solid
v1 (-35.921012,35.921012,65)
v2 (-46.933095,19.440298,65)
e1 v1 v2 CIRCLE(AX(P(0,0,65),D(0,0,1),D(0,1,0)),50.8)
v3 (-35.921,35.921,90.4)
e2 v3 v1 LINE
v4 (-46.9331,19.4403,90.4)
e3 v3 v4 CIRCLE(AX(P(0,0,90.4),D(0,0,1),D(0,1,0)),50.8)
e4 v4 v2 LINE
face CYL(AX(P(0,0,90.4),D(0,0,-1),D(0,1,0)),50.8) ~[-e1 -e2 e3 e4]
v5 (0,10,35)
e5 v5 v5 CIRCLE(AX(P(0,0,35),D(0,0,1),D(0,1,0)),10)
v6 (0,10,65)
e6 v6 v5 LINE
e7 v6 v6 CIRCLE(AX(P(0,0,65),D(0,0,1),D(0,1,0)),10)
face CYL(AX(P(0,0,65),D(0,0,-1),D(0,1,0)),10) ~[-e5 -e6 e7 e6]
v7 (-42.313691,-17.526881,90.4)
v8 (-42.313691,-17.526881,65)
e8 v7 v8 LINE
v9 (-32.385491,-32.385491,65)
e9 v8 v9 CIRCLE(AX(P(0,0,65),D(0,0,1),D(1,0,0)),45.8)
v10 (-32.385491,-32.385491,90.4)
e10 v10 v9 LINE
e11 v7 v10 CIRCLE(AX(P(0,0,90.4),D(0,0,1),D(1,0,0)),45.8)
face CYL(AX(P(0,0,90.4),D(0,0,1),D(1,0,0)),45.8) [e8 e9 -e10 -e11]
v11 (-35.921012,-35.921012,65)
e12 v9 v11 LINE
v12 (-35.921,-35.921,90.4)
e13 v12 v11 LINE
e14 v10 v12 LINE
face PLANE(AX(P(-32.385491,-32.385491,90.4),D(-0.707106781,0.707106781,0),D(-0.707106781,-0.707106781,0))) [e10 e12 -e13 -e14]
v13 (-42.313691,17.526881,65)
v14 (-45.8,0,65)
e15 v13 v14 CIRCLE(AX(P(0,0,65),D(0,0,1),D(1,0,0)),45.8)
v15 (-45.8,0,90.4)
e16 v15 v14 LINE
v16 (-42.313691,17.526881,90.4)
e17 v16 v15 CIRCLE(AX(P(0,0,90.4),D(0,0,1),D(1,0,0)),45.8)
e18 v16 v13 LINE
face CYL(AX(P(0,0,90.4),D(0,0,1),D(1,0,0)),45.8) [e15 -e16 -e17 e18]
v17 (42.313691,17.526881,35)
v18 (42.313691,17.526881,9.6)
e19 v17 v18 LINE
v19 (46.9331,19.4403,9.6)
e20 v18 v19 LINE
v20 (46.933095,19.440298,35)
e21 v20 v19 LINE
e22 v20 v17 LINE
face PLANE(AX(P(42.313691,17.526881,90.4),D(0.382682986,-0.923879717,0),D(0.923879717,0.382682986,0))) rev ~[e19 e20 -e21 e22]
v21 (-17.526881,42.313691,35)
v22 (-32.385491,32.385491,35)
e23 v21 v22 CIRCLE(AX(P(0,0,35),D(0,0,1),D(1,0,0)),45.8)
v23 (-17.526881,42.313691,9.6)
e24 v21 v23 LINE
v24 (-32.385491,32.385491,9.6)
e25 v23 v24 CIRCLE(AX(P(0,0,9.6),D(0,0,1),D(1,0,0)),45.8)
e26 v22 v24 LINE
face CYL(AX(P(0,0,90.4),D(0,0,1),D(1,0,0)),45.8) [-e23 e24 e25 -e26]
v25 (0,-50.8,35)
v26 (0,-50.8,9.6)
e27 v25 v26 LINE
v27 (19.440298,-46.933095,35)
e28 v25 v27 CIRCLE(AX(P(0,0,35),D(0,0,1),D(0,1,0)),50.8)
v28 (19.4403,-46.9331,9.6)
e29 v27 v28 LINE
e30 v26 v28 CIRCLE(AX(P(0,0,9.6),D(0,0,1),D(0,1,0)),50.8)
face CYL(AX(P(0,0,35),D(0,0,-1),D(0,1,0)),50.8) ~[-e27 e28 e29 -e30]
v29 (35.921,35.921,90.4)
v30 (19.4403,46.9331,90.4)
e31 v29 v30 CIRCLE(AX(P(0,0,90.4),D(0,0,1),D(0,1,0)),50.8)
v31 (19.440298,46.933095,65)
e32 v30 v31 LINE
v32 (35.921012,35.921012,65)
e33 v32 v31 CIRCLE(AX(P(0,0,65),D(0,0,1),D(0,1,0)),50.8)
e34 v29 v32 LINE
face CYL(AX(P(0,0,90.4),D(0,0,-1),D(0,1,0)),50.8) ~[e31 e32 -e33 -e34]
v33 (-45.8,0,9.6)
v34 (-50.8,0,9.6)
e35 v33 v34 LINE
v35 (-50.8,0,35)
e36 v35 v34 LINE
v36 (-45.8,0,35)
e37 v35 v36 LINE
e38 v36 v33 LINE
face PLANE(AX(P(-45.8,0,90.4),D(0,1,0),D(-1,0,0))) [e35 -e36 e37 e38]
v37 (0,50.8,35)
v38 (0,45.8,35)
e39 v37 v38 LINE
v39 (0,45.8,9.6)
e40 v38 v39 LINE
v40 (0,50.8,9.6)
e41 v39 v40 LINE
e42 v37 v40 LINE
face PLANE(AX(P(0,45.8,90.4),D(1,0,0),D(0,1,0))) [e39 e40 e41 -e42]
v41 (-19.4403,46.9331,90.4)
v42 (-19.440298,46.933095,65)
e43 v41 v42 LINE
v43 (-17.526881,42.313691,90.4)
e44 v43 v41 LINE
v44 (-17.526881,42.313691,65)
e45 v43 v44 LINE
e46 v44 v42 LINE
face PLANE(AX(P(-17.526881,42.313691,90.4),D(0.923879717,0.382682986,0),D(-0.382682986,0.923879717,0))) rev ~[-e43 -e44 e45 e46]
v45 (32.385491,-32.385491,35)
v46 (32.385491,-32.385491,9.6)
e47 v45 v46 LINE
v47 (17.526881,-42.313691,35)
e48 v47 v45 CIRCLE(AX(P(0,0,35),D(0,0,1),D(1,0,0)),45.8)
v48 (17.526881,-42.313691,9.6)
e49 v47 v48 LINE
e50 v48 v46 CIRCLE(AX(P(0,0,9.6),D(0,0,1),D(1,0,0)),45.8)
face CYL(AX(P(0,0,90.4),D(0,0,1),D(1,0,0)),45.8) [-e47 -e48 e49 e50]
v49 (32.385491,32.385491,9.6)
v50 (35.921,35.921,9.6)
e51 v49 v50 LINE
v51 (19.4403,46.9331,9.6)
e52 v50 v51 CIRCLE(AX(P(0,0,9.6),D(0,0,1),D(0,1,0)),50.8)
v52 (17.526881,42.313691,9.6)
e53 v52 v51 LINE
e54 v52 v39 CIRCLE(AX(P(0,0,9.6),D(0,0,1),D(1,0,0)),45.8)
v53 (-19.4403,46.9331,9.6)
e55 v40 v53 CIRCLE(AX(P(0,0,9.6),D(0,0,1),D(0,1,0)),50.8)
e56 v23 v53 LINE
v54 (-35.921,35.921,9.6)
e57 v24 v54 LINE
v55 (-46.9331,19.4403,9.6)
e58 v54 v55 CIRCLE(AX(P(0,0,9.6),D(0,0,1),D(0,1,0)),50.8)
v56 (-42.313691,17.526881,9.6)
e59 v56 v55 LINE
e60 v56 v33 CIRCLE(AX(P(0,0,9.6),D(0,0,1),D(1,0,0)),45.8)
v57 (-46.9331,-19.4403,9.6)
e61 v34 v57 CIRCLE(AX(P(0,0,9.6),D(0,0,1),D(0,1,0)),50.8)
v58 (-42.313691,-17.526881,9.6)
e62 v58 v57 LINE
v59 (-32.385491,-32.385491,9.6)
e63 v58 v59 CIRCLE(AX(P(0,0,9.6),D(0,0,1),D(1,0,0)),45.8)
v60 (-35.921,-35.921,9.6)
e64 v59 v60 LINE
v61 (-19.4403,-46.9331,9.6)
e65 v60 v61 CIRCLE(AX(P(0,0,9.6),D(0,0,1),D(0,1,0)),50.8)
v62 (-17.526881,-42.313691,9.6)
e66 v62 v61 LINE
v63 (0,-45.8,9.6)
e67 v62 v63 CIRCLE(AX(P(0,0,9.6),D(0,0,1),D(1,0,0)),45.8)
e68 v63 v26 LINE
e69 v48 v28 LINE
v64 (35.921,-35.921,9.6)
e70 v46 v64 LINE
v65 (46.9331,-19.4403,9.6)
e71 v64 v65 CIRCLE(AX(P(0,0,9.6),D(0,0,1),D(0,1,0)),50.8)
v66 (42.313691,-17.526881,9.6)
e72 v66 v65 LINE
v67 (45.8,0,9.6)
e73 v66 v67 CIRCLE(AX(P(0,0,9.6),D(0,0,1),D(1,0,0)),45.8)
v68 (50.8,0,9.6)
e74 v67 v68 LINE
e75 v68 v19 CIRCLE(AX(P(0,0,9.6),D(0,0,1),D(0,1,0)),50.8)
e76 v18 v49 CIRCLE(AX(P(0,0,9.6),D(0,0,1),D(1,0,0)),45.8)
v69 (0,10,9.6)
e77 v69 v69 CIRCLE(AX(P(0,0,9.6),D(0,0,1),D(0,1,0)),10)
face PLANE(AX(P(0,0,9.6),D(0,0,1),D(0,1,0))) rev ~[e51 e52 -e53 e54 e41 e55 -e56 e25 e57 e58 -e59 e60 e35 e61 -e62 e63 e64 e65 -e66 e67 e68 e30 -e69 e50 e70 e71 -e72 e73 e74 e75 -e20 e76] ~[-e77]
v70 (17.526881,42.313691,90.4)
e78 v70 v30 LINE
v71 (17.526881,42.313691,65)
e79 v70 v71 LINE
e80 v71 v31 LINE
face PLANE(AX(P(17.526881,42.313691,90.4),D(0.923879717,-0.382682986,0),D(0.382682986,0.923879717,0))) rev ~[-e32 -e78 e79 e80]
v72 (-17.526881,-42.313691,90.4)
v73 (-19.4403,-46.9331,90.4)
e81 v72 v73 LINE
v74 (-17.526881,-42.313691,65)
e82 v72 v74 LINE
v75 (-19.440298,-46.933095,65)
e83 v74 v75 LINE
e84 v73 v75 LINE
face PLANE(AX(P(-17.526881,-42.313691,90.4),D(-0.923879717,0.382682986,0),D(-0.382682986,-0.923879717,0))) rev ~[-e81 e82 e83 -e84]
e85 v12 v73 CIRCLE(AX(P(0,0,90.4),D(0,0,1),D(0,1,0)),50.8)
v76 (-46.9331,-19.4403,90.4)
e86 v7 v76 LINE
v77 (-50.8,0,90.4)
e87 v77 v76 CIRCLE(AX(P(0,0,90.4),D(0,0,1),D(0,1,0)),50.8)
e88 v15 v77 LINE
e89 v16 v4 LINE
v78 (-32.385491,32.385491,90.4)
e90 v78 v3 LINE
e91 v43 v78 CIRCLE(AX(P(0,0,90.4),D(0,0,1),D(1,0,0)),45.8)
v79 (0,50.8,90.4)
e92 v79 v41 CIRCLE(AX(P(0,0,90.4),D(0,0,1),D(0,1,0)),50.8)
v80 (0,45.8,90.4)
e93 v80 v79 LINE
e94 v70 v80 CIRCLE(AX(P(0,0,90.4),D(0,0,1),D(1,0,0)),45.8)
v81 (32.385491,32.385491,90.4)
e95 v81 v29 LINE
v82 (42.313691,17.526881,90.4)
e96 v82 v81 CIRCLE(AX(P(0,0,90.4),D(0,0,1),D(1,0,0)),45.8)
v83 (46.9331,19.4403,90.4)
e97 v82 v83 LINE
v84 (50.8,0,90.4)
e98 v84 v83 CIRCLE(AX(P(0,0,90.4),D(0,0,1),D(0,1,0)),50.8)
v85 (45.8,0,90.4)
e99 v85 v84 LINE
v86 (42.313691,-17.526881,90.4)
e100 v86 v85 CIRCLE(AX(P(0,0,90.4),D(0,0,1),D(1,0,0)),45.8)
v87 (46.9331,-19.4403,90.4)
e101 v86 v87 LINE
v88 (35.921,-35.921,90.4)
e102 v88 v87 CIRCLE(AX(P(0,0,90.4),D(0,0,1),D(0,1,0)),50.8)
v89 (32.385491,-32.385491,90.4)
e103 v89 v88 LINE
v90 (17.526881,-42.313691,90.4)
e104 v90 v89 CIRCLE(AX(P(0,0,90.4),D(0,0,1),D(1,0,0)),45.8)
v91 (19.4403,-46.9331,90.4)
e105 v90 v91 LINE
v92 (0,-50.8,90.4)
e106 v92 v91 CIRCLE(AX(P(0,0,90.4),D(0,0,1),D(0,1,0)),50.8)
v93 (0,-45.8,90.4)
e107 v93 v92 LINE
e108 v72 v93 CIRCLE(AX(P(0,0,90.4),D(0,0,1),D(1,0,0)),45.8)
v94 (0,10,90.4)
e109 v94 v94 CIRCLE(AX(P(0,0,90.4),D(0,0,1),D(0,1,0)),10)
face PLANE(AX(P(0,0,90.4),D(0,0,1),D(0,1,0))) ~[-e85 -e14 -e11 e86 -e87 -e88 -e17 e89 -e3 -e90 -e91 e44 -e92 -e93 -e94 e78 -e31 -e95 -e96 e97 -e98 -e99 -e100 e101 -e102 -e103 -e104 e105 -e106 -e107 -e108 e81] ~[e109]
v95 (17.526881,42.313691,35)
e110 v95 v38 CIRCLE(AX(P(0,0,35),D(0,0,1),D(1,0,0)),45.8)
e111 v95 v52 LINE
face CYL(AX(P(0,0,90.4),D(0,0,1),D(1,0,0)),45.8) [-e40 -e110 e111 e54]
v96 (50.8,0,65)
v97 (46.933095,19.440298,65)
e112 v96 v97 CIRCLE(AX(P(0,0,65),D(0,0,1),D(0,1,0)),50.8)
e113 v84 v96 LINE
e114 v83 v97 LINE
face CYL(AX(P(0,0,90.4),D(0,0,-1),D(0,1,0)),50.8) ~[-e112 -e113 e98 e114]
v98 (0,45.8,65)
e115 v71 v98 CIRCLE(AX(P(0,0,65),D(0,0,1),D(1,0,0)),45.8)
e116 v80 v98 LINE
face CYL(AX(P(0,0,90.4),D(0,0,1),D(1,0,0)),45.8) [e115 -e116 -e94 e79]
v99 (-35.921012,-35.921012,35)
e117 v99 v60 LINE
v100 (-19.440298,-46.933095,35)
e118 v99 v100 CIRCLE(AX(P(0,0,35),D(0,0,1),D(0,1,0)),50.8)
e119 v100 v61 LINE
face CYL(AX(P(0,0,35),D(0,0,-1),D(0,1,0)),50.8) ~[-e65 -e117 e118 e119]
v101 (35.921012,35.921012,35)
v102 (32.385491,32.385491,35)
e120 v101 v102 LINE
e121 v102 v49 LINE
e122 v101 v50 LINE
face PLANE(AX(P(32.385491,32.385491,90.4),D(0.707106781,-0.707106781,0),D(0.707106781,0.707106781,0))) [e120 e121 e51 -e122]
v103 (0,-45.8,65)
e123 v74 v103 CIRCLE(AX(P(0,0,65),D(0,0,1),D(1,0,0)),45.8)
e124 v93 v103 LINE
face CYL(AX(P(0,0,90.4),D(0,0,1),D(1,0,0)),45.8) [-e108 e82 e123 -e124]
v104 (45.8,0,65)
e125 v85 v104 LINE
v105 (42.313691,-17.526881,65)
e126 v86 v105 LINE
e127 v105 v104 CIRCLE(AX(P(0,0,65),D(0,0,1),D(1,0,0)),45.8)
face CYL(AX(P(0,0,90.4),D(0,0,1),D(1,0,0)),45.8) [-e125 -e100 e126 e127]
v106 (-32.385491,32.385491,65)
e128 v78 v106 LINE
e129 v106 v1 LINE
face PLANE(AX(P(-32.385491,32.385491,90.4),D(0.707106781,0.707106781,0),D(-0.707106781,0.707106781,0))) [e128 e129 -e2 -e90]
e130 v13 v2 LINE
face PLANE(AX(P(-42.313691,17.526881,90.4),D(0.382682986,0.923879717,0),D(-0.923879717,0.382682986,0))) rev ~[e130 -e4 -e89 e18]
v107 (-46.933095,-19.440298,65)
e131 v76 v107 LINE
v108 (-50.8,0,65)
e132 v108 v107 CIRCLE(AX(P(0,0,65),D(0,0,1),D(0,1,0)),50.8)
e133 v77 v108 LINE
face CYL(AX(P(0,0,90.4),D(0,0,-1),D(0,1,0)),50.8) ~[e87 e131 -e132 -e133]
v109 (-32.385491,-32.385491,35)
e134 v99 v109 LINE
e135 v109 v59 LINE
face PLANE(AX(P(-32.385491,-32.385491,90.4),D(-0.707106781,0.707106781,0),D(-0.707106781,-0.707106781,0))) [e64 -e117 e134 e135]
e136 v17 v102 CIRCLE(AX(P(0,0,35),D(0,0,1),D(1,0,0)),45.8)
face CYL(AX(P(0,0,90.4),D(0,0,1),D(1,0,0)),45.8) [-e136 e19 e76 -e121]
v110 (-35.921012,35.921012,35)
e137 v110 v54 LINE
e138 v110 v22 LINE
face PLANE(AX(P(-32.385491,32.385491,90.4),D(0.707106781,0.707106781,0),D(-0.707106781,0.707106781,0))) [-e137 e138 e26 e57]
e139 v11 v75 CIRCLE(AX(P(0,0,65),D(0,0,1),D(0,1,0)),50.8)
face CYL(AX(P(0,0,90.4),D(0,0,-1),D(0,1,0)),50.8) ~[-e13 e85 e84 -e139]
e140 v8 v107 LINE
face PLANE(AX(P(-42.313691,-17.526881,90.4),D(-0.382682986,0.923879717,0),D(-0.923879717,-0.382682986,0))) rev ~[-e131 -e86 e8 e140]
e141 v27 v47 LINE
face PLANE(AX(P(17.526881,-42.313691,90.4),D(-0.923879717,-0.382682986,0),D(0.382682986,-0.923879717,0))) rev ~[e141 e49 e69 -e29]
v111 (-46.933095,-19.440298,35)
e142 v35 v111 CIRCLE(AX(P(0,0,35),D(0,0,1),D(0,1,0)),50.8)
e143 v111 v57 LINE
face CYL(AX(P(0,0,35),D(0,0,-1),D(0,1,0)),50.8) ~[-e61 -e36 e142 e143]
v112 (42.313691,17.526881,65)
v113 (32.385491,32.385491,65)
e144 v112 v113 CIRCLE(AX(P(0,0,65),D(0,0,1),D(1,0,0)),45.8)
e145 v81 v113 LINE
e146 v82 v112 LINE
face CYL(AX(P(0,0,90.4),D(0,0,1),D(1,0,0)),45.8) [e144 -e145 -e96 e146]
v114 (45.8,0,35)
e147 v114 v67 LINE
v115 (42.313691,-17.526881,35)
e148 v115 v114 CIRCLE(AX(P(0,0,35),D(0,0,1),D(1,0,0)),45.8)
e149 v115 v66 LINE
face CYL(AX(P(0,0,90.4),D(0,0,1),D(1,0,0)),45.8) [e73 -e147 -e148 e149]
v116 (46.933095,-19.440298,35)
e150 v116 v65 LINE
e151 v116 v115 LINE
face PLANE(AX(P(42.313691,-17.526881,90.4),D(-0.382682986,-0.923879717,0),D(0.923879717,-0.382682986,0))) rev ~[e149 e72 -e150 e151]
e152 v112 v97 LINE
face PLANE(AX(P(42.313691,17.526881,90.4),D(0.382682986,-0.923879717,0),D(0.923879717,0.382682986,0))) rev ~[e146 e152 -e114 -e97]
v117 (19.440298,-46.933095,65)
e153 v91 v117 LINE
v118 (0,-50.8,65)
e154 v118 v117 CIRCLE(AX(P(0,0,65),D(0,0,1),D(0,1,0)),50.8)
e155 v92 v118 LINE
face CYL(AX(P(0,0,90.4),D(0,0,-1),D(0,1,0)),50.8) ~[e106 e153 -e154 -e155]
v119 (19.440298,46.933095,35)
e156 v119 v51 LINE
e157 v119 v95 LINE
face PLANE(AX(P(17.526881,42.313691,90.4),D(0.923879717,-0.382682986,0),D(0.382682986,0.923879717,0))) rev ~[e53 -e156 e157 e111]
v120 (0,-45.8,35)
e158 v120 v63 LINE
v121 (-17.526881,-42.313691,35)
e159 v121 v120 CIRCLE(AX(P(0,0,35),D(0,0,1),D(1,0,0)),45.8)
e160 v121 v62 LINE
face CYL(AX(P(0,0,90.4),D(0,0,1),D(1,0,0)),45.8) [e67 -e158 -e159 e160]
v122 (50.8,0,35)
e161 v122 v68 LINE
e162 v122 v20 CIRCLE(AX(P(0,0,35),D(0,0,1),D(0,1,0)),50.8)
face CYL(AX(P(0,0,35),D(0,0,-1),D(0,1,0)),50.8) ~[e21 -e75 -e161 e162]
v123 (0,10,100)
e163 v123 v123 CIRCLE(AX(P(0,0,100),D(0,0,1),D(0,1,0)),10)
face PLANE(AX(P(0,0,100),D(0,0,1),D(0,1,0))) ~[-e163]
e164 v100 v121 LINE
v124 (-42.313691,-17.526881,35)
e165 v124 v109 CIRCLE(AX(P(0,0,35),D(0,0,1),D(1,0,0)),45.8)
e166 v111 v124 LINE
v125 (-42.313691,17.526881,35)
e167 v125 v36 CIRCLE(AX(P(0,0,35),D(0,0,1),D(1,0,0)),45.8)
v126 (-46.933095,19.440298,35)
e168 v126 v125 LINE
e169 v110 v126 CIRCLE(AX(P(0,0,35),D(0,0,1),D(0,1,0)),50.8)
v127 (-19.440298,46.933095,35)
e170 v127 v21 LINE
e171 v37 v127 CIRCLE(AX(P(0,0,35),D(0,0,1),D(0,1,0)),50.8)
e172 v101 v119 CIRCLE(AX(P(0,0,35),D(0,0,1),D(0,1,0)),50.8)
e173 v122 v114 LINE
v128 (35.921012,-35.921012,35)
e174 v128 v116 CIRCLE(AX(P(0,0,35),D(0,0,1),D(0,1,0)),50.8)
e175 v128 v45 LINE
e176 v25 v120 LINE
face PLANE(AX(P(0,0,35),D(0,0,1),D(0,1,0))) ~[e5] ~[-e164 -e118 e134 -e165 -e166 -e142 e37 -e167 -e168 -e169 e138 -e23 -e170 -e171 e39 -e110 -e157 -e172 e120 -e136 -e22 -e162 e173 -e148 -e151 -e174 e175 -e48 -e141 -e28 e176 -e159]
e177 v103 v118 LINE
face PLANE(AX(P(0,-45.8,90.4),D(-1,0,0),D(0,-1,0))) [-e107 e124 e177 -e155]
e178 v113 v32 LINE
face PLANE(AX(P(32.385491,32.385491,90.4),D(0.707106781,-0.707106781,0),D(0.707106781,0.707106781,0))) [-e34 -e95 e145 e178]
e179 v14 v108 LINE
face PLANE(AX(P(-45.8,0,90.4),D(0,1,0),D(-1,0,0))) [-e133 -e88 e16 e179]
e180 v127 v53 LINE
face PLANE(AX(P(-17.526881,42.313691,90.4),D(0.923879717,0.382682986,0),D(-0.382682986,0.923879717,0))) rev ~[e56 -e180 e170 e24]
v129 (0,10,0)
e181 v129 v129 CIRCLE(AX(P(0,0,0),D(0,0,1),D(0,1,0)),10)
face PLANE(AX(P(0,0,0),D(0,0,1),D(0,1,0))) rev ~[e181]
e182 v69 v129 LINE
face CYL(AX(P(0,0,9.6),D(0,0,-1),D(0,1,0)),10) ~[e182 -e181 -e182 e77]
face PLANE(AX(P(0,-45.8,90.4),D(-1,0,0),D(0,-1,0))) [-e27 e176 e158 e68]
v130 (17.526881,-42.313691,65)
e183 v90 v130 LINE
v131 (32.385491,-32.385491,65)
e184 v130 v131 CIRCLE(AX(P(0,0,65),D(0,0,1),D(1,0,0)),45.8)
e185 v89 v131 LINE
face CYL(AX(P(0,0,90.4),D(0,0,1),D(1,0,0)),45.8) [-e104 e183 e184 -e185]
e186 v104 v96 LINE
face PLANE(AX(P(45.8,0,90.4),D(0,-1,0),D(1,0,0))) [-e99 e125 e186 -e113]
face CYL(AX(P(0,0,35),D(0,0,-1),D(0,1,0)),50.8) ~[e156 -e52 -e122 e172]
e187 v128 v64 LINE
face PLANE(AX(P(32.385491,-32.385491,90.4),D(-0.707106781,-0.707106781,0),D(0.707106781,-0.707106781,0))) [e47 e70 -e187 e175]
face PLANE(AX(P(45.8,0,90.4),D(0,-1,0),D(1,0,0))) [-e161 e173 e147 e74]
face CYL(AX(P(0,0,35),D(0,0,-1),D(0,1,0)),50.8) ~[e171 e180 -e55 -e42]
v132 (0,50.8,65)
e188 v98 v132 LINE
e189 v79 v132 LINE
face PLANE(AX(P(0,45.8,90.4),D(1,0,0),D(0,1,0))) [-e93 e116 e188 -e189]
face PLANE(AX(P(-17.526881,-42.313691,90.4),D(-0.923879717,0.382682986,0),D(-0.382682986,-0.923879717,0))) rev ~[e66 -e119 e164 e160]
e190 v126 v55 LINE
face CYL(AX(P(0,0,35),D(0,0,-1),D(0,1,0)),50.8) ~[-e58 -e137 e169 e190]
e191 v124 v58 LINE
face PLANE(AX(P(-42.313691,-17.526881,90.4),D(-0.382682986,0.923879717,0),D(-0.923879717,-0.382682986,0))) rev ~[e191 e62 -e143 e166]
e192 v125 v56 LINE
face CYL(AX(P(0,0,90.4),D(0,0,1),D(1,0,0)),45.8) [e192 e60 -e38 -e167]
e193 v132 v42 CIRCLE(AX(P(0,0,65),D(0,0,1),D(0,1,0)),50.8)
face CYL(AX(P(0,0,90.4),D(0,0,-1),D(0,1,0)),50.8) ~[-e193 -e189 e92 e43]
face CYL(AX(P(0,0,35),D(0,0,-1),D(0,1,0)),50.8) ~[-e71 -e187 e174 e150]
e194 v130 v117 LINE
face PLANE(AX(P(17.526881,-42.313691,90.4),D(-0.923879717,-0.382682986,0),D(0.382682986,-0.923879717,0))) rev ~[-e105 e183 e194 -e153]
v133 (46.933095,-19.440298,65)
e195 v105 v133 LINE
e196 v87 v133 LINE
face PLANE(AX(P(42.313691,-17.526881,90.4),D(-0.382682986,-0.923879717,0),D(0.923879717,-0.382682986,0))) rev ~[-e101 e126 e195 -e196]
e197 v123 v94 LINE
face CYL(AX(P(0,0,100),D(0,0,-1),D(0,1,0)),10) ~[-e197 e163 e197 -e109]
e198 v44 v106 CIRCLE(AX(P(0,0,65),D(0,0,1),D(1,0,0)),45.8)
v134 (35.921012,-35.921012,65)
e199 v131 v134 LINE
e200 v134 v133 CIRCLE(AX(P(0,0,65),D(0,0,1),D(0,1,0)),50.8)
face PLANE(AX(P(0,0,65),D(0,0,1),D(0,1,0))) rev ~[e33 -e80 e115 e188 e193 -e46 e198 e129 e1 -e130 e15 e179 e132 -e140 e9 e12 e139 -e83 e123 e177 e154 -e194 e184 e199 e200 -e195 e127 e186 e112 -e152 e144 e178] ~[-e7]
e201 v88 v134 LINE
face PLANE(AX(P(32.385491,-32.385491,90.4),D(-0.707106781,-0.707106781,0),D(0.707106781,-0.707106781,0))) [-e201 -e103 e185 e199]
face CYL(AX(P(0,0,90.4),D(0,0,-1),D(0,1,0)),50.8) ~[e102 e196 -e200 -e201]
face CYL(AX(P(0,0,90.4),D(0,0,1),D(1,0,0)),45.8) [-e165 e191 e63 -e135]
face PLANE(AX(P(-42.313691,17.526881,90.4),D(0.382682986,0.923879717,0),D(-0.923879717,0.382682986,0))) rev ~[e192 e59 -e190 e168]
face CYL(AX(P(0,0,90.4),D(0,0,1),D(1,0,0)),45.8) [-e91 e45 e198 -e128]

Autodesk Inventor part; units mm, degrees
ref_plane "YZ Plane" through (0, 0, 0) normal (1, 0, 0) x (0, 1, 0)
ref_plane "XZ Plane" through (0, 0, 0) normal (0, 1, 0) x (-1, 0, 0)
ref_plane "XY Plane" through (0, 0, 0) normal (0, 0, 1) x (1, 0, 0)
sketch "Esboço1" plane through (0, 0, 0) normal (1, 0, 0) x (0, 1, 0)
  line L0 (0, 0) -> (0, 100)
  line L1 (0, 100) -> (10, 100)
  line L2 (10, 100) -> (10, 90.4)
  line L3 (10, 90.4) -> (50.8, 90.4)
  line L4 (50.8, 90.4) -> (50.8, 65)
  line L5 (50.8, 65) -> (10, 65)
  line L6 (10, 65) -> (10, 35)
  line L7 (10, 35) -> (50.8, 35)
  line L8 (50.8, 35) -> (50.8, 9.6)
  line L9 (50.8, 9.6) -> (10, 9.6)
  line L10 (10, 9.6) -> (10, 0)
  line L11 (10, 0) -> (0, 0)
  line L12 (0, 50) -> (10, 50)
  dimension "d0" = 10
  dimension "d1" = 100
  dimension "d2" = 25.4
  dimension "d3" = 25.4
  dimension "d4" = 15
  dimension "d5" = 15
  dimension "d6" = 50.8
revolve "Revolução1" add sketch "Esboço1" angle 360 about axis through (0, 0, 0) along (0, 0, 1)
thread "Rosca1" size "M1060x8" class "6g" standard "ANSI Metric M Profile" full length
thread "Rosca2" size "M105x6" class "6g" standard "ANSI Metric M Profile" full length
sketch "Esboço4" plane through (0, 0, 90.4) normal (0, 0, 1) x (1, 0, 0)
  circle A0 centre (0, 0) radius 10 projected
  circle A1 centre (0, 0) radius 50.8 projected
  line L0 (0, 0) -> (0, 50.8)
  line L1 (0, 0) -> (0, -50.8)
  line L2 (0, 0) -> (50.8, 0)
  line L3 (0, 0) -> (-50.8, 0)
  line L4 (0, 0) -> (-35.921, 35.921)
  line L5 (0, 0) -> (-19.4403, 46.9331)
  line L6 (0, 0) -> (-46.9331, 19.4403)
  line L7 (0, 0) -> (35.921, 35.921)
  line L8 (0, 0) -> (19.4403, 46.9331)
  line L9 (0, 0) -> (46.9331, 19.4403)
  line L10 (0, 0) -> (-35.921, -35.921)
  line L11 (0, 0) -> (-19.4403, -46.9331)
  line L12 (0, 0) -> (-46.9331, -19.4403)
  line L13 (0, 0) -> (19.4403, -46.9331)
  line L14 (0, 0) -> (35.921, -35.921)
  line L15 (0, 0) -> (46.9331, -19.4403)
  circle A2 centre (0, 0) radius 45.8
  point P0 (-5, 45.5263)
  point P1 (-45.8, 0)
  point P2 (0, -45.8)
  point P3 (45.8, 0)
  point P4 (0, 45.8)
  point P5 (-42.3137, -17.5269)
  point P6 (17.5269, -42.3137)
  point P7 (42.3137, 17.5269)
  point P8 (-17.5269, 42.3137)
  point P9 (17.5269, 42.3137)
  point P10 (42.3137, -17.5269)
  point P11 (32.3855, 32.3855)
  point P12 (32.3855, -32.3855)
  point P13 (-32.3855, 32.3855)
  point P14 (-42.3137, 17.5269)
  point P15 (-32.3855, -32.3855)
  point P16 (-17.5269, -42.3137)
  dimension "d21" = 45
  dimension "d22" = 22.5
  dimension "d23" = 22.5
extrude "Extrusão3" cut sketch "Esboço4" against normal up to surface (80.8 mm away) contours L2 A1 L15 A2 | A2 L7 A1 L9 | L14 A1 L13 A2 | L0 A1 L8 A2 | L1 A1 L11 A2 | L3 A1 L6 A2 | L4 A1 L5 A2 | L10 A1 L12 A2
equation "\"d3\" = d2"
equation "\"d5\" = d4"
equation "\"d22\" = 0.5 * d21"
equation "\"d23\" = d22"
properties part number "Coletor - Hand"
